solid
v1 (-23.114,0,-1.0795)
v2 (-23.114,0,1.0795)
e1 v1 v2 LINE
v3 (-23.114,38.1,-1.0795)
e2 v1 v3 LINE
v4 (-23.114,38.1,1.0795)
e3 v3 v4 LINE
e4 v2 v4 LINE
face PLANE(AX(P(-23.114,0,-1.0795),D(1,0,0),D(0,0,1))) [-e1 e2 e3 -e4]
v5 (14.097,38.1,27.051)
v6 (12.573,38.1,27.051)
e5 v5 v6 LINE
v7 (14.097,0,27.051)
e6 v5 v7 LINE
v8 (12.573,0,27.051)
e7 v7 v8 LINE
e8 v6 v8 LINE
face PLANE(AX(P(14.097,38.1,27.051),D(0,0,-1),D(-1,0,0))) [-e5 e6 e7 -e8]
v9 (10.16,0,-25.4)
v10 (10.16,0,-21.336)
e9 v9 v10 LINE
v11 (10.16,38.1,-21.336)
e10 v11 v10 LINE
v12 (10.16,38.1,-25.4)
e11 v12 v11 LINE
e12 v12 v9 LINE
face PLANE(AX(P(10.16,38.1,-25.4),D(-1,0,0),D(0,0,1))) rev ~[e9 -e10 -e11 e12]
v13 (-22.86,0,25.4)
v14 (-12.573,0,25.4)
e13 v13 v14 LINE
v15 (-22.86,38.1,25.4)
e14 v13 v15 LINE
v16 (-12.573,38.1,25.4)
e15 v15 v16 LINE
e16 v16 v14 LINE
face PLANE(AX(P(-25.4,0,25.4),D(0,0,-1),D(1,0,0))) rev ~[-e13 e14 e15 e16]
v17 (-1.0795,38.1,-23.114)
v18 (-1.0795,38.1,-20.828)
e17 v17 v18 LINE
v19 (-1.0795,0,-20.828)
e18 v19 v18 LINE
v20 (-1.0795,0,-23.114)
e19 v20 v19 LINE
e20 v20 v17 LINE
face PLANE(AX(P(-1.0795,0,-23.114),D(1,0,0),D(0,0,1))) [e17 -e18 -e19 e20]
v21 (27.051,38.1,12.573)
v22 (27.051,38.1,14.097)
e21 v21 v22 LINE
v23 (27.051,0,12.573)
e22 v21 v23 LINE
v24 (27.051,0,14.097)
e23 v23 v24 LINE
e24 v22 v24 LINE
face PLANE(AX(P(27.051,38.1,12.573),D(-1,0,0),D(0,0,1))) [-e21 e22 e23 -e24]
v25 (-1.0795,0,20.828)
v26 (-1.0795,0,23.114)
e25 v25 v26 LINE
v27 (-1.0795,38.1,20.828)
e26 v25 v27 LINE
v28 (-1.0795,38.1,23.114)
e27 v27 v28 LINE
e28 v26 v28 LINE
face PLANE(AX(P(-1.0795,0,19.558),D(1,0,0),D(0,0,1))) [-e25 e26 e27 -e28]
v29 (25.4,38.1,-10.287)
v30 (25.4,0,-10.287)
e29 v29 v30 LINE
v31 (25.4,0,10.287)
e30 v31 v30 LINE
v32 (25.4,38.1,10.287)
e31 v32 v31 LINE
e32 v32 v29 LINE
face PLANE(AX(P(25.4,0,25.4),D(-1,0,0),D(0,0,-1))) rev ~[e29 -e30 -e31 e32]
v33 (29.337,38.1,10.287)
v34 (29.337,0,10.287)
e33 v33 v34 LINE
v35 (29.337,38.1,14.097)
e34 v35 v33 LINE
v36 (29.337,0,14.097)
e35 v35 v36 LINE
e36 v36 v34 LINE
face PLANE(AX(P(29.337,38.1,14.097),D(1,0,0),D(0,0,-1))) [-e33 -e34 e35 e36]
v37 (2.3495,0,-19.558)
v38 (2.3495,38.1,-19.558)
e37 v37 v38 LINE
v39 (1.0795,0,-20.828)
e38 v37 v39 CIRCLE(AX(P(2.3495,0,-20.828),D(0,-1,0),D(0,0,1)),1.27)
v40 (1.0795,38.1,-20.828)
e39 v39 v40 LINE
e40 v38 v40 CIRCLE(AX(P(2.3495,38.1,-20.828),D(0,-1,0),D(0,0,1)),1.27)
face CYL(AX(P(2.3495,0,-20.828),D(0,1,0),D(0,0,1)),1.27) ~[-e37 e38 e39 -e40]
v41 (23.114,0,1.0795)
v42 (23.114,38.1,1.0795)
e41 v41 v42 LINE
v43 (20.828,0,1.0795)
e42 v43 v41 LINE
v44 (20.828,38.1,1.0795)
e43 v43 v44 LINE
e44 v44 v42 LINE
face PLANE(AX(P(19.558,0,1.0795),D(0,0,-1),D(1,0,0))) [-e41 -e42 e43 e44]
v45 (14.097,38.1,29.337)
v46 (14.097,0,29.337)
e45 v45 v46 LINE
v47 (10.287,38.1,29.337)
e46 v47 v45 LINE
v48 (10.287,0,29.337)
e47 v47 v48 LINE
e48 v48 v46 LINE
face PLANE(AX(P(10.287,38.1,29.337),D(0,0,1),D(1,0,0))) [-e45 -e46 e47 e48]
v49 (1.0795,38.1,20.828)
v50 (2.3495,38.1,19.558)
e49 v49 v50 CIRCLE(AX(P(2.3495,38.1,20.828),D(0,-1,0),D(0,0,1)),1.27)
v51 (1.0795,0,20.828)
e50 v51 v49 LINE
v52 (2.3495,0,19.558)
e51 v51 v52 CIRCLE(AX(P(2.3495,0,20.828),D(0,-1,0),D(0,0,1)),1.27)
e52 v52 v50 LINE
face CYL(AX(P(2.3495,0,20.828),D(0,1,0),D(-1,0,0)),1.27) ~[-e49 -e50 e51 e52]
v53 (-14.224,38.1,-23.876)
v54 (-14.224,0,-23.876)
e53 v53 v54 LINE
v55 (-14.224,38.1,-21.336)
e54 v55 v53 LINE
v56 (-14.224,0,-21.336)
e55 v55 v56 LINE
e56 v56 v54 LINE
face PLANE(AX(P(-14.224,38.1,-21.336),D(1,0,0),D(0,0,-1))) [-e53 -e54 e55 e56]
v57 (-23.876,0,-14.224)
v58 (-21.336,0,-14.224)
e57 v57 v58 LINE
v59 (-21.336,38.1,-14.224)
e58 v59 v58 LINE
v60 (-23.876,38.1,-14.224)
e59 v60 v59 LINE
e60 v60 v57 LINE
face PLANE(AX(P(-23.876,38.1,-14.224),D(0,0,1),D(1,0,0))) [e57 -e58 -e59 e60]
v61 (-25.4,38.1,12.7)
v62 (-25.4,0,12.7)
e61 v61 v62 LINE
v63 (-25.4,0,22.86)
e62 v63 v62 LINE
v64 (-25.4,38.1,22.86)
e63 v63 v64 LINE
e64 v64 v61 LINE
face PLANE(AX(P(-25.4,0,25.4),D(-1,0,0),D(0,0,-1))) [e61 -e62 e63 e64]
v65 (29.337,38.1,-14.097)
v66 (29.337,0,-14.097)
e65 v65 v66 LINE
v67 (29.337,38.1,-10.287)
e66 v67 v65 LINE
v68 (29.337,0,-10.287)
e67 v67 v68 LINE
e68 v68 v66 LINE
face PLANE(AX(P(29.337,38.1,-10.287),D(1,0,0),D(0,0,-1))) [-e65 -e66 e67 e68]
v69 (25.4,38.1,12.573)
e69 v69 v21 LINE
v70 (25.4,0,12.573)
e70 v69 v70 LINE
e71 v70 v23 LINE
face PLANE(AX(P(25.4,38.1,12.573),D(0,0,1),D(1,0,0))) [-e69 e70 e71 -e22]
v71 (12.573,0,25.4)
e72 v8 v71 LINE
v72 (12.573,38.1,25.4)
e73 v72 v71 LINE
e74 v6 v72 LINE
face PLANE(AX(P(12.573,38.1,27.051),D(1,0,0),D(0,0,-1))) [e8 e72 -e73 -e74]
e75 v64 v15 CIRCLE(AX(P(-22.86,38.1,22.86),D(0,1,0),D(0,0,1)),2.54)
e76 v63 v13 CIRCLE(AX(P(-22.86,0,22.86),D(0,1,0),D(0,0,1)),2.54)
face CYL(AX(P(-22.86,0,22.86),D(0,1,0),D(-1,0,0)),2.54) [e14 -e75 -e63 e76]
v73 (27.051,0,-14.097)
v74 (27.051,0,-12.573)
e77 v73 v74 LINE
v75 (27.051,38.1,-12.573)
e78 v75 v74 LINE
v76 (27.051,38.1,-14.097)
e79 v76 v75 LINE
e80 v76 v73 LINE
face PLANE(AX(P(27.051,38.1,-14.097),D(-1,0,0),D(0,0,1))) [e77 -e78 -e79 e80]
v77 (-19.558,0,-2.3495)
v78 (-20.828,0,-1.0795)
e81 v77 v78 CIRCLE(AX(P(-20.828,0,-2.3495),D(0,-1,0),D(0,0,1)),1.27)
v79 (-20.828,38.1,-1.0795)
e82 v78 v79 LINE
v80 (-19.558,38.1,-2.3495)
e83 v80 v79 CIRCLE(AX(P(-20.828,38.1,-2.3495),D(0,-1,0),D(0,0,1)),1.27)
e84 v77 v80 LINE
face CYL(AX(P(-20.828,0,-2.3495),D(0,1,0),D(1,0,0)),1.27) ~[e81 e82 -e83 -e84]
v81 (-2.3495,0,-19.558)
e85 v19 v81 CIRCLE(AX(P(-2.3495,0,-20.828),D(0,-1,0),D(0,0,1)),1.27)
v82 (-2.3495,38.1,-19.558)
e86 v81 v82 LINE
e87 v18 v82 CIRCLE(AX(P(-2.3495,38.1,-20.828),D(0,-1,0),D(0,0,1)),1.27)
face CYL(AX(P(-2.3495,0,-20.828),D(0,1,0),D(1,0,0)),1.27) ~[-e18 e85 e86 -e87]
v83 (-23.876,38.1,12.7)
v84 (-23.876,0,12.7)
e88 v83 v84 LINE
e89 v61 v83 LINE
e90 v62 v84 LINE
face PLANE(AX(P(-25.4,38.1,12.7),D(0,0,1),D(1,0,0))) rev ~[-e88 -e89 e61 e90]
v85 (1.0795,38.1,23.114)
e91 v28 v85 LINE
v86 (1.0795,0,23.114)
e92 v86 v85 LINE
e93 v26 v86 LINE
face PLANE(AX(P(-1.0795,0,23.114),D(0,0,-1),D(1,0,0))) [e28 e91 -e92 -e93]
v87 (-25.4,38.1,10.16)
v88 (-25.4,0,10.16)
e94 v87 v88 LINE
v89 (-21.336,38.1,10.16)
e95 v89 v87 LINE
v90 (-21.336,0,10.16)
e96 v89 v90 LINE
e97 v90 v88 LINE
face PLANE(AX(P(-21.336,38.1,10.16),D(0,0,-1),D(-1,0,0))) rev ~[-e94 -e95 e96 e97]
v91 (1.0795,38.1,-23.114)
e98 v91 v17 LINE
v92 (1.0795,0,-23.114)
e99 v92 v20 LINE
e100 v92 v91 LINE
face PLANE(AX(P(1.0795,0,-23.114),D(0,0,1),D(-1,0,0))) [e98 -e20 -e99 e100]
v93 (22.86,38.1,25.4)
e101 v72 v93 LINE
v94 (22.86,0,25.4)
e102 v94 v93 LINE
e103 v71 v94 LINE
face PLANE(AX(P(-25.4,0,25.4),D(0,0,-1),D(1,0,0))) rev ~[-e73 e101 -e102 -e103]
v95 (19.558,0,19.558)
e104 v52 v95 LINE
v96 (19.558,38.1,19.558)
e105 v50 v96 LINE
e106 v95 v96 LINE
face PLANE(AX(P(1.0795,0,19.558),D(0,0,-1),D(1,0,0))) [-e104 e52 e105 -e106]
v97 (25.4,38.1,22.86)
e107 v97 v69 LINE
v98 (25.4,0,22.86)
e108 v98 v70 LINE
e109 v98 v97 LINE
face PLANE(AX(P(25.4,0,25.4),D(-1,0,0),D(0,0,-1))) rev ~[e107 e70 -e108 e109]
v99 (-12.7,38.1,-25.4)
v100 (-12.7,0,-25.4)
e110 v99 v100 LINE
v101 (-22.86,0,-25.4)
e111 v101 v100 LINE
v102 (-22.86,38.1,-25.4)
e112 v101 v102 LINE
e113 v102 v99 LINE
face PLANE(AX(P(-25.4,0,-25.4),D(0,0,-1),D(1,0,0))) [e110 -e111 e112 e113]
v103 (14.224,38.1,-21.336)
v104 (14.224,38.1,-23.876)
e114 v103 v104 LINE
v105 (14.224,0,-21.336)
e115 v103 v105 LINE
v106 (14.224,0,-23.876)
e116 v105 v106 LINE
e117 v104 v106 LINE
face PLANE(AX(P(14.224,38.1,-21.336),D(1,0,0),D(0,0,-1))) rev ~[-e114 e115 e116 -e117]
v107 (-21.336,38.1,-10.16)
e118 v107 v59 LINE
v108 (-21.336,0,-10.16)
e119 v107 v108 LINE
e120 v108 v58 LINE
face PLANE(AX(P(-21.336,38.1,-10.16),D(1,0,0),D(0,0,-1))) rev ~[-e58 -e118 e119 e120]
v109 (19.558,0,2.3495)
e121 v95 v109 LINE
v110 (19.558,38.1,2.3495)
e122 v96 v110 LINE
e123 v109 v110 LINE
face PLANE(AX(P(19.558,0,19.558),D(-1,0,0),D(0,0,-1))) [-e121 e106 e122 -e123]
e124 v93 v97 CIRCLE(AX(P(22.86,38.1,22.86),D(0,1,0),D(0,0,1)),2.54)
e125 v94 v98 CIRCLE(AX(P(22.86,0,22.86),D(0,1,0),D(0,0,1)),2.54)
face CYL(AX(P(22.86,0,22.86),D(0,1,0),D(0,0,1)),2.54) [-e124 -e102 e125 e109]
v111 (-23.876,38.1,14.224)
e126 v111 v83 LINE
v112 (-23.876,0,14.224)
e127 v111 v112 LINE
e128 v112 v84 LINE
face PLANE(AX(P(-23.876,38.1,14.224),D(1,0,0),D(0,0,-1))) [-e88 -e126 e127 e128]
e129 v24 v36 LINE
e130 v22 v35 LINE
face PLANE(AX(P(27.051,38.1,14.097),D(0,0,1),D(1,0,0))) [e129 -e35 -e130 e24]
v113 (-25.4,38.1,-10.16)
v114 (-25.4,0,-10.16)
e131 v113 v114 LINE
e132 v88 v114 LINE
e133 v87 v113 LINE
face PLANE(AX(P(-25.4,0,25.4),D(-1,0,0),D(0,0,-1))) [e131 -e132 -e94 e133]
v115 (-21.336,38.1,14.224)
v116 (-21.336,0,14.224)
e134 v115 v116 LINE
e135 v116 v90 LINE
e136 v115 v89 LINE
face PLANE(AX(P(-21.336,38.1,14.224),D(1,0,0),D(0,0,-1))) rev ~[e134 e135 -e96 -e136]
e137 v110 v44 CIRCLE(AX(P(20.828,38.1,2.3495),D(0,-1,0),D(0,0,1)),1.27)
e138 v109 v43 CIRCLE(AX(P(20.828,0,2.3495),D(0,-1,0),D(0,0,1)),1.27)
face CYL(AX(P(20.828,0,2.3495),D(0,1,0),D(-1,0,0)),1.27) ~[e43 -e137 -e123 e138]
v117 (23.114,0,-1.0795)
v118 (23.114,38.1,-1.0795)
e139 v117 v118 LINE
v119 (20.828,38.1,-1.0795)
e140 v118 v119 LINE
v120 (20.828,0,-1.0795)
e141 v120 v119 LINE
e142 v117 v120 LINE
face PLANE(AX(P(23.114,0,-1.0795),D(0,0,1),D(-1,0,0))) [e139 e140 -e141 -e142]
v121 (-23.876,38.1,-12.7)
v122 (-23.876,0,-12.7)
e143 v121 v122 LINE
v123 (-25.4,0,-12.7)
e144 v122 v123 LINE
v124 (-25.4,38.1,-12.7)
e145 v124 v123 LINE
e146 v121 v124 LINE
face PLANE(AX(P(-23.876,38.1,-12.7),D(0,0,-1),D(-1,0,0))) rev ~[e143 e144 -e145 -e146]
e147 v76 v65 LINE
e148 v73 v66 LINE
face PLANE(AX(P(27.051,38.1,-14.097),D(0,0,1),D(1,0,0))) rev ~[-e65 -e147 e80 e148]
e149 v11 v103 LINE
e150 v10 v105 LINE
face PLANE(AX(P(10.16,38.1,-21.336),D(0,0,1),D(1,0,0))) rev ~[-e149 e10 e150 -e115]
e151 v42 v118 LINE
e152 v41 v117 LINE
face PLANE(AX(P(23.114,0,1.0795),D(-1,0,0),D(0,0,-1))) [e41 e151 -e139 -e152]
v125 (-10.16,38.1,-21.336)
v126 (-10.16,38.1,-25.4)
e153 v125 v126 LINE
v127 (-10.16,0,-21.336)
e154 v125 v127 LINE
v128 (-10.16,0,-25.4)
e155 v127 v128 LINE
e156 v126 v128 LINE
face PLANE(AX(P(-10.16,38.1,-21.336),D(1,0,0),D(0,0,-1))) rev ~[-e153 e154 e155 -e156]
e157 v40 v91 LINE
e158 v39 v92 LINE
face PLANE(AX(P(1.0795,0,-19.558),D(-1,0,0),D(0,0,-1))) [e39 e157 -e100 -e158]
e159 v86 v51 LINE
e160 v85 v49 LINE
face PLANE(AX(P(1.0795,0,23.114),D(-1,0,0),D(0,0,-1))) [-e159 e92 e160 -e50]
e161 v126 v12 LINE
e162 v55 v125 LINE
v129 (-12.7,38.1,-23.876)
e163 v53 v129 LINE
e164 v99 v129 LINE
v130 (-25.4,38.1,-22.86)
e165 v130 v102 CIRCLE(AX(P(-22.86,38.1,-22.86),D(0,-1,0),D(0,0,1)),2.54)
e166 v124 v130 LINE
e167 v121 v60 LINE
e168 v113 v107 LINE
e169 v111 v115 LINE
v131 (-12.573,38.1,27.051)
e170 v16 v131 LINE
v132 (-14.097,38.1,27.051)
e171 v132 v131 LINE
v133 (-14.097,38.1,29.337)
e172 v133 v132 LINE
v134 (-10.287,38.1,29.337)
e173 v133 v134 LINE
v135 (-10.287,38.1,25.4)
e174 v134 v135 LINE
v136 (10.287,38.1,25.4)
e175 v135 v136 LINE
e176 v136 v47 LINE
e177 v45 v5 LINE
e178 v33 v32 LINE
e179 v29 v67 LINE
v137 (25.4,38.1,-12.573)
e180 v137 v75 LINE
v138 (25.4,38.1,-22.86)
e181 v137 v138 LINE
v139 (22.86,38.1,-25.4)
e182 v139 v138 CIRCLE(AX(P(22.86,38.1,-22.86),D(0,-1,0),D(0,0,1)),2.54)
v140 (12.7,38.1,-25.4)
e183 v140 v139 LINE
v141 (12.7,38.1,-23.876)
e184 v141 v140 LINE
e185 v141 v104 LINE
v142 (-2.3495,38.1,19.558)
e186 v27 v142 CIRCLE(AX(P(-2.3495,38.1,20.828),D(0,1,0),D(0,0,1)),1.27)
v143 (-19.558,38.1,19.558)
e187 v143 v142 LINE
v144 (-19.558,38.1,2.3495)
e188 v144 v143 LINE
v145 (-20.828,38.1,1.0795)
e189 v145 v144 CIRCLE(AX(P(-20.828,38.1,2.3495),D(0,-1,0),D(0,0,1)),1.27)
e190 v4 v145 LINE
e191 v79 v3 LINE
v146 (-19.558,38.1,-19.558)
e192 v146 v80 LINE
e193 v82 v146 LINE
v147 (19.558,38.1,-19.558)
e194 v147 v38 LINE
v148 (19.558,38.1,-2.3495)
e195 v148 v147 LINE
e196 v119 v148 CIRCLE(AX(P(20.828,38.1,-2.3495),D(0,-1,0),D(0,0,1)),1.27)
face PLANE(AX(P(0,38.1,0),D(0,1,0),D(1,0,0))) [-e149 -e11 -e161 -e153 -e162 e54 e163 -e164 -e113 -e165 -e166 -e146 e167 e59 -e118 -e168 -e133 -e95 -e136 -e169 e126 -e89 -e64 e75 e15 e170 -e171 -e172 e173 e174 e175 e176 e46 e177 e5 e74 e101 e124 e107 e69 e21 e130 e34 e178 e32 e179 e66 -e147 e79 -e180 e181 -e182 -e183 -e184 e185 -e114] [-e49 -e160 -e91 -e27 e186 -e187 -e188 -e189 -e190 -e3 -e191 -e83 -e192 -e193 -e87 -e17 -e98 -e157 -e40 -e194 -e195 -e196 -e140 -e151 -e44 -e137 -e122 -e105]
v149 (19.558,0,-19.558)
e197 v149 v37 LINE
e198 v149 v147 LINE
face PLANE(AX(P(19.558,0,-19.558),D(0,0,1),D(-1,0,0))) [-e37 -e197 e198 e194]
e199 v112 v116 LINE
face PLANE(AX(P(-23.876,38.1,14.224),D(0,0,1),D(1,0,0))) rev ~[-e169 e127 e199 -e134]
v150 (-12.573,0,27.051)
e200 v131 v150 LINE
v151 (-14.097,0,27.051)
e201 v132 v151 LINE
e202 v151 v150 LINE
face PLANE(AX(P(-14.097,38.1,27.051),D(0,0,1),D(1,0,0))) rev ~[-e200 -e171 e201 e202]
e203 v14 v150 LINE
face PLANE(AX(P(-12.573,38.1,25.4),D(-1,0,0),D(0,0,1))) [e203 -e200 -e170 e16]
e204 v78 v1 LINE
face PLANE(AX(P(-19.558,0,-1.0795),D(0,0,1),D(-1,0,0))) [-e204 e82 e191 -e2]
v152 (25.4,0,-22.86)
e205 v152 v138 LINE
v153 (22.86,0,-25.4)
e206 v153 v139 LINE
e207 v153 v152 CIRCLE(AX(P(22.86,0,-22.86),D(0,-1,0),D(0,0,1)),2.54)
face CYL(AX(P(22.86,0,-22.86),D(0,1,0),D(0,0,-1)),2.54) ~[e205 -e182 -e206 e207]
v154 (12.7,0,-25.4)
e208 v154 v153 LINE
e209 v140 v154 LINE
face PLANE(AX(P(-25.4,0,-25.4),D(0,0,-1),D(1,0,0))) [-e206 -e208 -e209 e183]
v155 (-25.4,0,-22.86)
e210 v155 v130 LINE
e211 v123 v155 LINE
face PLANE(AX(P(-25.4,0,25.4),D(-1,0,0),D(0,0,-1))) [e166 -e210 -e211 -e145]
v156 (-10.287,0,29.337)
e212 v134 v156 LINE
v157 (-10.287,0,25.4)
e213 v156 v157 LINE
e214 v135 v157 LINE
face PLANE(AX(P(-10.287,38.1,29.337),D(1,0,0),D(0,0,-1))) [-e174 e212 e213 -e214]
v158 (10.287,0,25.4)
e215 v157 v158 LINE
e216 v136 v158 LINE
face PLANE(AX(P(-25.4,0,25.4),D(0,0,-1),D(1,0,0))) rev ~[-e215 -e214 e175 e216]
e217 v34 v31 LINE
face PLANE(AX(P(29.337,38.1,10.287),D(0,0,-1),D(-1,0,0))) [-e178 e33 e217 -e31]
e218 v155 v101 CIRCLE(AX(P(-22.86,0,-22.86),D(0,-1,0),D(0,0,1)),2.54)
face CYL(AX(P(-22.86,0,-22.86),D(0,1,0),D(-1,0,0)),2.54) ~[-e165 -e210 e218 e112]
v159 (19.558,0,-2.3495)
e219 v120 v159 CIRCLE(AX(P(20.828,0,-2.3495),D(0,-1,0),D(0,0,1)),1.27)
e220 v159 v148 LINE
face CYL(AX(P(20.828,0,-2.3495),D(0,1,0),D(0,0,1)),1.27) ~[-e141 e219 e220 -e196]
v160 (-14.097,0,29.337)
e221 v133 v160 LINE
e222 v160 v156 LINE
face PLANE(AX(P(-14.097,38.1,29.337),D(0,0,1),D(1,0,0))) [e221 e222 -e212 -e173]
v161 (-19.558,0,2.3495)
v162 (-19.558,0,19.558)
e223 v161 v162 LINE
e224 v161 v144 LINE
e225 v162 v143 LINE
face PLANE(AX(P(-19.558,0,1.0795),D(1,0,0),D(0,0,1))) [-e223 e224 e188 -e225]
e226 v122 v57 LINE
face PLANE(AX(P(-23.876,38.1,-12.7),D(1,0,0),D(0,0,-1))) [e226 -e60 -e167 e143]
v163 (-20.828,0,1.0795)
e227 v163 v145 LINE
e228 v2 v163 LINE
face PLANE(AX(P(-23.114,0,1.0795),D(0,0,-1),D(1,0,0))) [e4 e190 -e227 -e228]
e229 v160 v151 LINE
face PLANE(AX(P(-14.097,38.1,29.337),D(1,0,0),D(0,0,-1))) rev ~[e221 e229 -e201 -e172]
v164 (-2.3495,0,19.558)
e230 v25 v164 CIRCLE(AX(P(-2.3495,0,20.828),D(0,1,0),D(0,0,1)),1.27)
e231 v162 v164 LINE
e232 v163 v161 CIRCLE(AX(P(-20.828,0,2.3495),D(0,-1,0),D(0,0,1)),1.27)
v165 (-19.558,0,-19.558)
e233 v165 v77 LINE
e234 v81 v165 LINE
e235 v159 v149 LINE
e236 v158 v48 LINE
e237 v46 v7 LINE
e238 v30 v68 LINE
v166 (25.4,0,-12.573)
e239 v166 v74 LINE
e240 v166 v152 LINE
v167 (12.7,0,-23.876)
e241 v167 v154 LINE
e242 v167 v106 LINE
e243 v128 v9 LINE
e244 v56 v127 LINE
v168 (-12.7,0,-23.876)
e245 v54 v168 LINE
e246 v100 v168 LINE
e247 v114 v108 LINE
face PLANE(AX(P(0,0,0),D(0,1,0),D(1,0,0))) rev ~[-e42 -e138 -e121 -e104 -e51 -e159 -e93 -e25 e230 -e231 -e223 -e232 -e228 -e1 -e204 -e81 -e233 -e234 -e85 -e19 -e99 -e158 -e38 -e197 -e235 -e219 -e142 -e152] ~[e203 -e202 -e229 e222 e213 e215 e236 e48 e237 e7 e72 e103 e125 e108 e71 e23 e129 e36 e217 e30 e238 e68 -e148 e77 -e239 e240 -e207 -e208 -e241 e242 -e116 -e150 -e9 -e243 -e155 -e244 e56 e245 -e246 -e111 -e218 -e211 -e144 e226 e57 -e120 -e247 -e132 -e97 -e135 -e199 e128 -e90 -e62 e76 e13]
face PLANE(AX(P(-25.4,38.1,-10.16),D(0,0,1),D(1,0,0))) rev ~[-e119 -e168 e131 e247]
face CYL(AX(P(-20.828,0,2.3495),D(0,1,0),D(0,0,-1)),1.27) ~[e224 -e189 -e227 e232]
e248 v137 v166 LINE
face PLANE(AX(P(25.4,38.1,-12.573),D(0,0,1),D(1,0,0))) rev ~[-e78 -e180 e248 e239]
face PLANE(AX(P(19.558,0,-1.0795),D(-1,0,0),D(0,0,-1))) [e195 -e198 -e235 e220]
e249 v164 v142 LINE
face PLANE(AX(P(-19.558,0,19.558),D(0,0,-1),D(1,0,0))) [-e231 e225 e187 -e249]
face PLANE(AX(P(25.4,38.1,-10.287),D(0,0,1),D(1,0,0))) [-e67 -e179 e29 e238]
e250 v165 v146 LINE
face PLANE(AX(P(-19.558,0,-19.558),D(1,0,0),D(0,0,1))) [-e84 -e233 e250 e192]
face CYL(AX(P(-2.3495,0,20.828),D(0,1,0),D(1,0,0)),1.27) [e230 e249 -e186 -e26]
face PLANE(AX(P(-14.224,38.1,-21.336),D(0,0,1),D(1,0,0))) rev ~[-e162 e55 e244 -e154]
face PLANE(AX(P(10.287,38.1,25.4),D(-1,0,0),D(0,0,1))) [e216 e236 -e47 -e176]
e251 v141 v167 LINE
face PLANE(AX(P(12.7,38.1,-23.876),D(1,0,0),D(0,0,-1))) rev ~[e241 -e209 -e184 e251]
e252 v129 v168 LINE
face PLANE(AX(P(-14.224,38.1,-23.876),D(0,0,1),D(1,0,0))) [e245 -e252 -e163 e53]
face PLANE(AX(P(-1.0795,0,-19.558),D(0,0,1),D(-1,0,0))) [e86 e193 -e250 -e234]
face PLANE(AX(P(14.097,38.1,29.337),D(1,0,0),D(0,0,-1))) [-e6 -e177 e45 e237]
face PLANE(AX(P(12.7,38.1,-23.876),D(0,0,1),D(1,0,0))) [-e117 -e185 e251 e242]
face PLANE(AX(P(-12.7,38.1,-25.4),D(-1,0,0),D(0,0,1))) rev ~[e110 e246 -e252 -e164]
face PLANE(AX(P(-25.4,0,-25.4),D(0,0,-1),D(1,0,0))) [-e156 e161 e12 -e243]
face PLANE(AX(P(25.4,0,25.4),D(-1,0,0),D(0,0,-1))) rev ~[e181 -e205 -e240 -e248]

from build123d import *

# Parameters (mm, degrees)
SKETCH1_W           = 50.8
SKETCH1_H           = 50.8
BOSS_EXTRUDE1_DEPTH = 38.1
FILLET1_R           = 2.54
FILLET2_R           = 1.27
SKETCH3_W           = 1.524
SKETCH3_H           = 2.54
SKETCH3_W_2         = 2.54
SKETCH3_H_2         = 1.524
CUT_EXTRUDE1_DEPTH  = 53.363441445
SKETCH5_W           = 2.286
SKETCH5_H           = 2.286
SKETCH5_H_2         = 1.651
SKETCH5_W_2         = 1.524
SKETCH5_H_3         = 1.524
SKETCH5_W_3         = 1.651
BOSS_EXTRUDE2_DEPTH = 38.1


with BuildPart() as part:
    # Sketch1 → Boss-Extrude1 (new body)
    with BuildSketch(Plane(origin=(0, 0, 0), x_dir=(1, 0, 0), z_dir=(0, 1, 0))):
        Rectangle(SKETCH1_W, SKETCH1_H)
        Polygon((-1.0795, -19.558), (-1.0795, -23.114), (1.0795, -23.114), (1.0795, -19.558), (19.558, -19.558), (19.558, -1.0795), (23.114, -1.0795), (23.114, 1.0795), (19.558, 1.0795), (19.558, 19.558), (1.0795, 19.558), (1.0795, 23.114), (-1.0795, 23.114), (-1.0795, 19.558), (-19.558, 19.558), (-19.558, 1.0795), (-23.114, 1.0795), (-23.114, -1.0795), (-19.558, -1.0795), (-19.558, -19.558), align=None, mode=Mode.SUBTRACT)
    extrude(amount=BOSS_EXTRUDE1_DEPTH)

    # Fillet1
    fillet1_edges = [part.edges().sort_by_distance(p)[0] for p in [
        (-25.4, 19.05, -25.4),
        (25.4, 19.05, -25.4),
        (25.4, 19.05, 25.4),
        (-25.4, 19.05, 25.4),
    ]]
    fillet(fillet1_edges, radius=FILLET1_R)

    # Fillet2
    fillet2_edges = [part.edges().sort_by_distance(p)[0] for p in [
        (1.0795, 19.05, 19.558),
        (19.558, 19.05, 1.0795),
        (19.558, 19.05, -1.0795),
        (1.0795, 19.05, -19.558),
        (-1.0795, 19.05, -19.558),
        (-19.558, 19.05, -1.0795),
        (-19.558, 19.05, 1.0795),
        (-1.0795, 19.05, 19.558),
    ]]
    fillet(fillet2_edges, radius=FILLET2_R)

    # Sketch3 → Cut-Extrude1 (cut, through all)
    with BuildSketch(Plane(origin=(0, 38.1, 0), x_dir=(1, 0, 0), z_dir=(0, 1, 0))):
        with Locations((-24.638, 11.43)):
            Rectangle(SKETCH3_W, SKETCH3_H)
        with Locations((-22.606, 11.43)):
            Rectangle(SKETCH3_W_2, SKETCH3_H)
        with Locations((-22.606, 13.462)):
            Rectangle(SKETCH3_W_2, SKETCH3_H_2)
        with Locations((-24.638, -11.43)):
            Rectangle(SKETCH3_W, SKETCH3_H)
        with Locations((-22.606, -11.43)):
            Rectangle(SKETCH3_W_2, SKETCH3_H)
        with Locations((-22.606, -13.462)):
            Rectangle(SKETCH3_W_2, SKETCH3_H_2)
        with Locations((-11.43, 24.638)):
            Rectangle(SKETCH3_W_2, SKETCH3_H_2)
        with Locations((-11.43, 22.606)):
            Rectangle(SKETCH3_W_2, SKETCH3_H)
        with Locations((-13.462, 22.606)):
            Rectangle(SKETCH3_W, SKETCH3_H)
        with Locations((11.43, 24.638)):
            Rectangle(SKETCH3_W_2, SKETCH3_H_2)
        with Locations((11.43, 22.606)):
            Rectangle(SKETCH3_W_2, SKETCH3_H)
        with Locations((13.462, 22.606)):
            Rectangle(SKETCH3_W, SKETCH3_H)
    extrude(amount=-CUT_EXTRUDE1_DEPTH, mode=Mode.SUBTRACT)

    # Sketch5 → Boss-Extrude2 (add)
    with BuildSketch(Plane(origin=(0, 38.1, 0), x_dir=(1, 0, 0), z_dir=(0, 1, 0))):
        with Locations((-11.43, -28.194)):
            Rectangle(SKETCH5_W, SKETCH5_H)
        with Locations((-11.43, -26.2255)):
            Rectangle(SKETCH5_W, SKETCH5_H_2)
        with Locations((-13.335, -28.194)):
            Rectangle(SKETCH5_W_2, SKETCH5_H)
        with Locations((11.43, -28.194)):
            Rectangle(SKETCH5_W, SKETCH5_H)
        with Locations((13.335, -28.194)):
            Rectangle(SKETCH5_W_2, SKETCH5_H)
        with Locations((11.43, -26.2255)):
            Rectangle(SKETCH5_W, SKETCH5_H_2)
        with Locations((28.194, -11.43)):
            Rectangle(SKETCH5_W, SKETCH5_H)
        with Locations((28.194, -13.335)):
            Rectangle(SKETCH5_W, SKETCH5_H_3)
        with Locations((26.2255, -11.43)):
            Rectangle(SKETCH5_W_3, SKETCH5_H)
        with Locations((28.194, 13.335)):
            Rectangle(SKETCH5_W, SKETCH5_H_3)
        with Locations((28.194, 11.43)):
            Rectangle(SKETCH5_W, SKETCH5_H)
        with Locations((26.2255, 11.43)):
            Rectangle(SKETCH5_W_3, SKETCH5_H)
    extrude(amount=-BOSS_EXTRUDE2_DEPTH)


solid = part.part
